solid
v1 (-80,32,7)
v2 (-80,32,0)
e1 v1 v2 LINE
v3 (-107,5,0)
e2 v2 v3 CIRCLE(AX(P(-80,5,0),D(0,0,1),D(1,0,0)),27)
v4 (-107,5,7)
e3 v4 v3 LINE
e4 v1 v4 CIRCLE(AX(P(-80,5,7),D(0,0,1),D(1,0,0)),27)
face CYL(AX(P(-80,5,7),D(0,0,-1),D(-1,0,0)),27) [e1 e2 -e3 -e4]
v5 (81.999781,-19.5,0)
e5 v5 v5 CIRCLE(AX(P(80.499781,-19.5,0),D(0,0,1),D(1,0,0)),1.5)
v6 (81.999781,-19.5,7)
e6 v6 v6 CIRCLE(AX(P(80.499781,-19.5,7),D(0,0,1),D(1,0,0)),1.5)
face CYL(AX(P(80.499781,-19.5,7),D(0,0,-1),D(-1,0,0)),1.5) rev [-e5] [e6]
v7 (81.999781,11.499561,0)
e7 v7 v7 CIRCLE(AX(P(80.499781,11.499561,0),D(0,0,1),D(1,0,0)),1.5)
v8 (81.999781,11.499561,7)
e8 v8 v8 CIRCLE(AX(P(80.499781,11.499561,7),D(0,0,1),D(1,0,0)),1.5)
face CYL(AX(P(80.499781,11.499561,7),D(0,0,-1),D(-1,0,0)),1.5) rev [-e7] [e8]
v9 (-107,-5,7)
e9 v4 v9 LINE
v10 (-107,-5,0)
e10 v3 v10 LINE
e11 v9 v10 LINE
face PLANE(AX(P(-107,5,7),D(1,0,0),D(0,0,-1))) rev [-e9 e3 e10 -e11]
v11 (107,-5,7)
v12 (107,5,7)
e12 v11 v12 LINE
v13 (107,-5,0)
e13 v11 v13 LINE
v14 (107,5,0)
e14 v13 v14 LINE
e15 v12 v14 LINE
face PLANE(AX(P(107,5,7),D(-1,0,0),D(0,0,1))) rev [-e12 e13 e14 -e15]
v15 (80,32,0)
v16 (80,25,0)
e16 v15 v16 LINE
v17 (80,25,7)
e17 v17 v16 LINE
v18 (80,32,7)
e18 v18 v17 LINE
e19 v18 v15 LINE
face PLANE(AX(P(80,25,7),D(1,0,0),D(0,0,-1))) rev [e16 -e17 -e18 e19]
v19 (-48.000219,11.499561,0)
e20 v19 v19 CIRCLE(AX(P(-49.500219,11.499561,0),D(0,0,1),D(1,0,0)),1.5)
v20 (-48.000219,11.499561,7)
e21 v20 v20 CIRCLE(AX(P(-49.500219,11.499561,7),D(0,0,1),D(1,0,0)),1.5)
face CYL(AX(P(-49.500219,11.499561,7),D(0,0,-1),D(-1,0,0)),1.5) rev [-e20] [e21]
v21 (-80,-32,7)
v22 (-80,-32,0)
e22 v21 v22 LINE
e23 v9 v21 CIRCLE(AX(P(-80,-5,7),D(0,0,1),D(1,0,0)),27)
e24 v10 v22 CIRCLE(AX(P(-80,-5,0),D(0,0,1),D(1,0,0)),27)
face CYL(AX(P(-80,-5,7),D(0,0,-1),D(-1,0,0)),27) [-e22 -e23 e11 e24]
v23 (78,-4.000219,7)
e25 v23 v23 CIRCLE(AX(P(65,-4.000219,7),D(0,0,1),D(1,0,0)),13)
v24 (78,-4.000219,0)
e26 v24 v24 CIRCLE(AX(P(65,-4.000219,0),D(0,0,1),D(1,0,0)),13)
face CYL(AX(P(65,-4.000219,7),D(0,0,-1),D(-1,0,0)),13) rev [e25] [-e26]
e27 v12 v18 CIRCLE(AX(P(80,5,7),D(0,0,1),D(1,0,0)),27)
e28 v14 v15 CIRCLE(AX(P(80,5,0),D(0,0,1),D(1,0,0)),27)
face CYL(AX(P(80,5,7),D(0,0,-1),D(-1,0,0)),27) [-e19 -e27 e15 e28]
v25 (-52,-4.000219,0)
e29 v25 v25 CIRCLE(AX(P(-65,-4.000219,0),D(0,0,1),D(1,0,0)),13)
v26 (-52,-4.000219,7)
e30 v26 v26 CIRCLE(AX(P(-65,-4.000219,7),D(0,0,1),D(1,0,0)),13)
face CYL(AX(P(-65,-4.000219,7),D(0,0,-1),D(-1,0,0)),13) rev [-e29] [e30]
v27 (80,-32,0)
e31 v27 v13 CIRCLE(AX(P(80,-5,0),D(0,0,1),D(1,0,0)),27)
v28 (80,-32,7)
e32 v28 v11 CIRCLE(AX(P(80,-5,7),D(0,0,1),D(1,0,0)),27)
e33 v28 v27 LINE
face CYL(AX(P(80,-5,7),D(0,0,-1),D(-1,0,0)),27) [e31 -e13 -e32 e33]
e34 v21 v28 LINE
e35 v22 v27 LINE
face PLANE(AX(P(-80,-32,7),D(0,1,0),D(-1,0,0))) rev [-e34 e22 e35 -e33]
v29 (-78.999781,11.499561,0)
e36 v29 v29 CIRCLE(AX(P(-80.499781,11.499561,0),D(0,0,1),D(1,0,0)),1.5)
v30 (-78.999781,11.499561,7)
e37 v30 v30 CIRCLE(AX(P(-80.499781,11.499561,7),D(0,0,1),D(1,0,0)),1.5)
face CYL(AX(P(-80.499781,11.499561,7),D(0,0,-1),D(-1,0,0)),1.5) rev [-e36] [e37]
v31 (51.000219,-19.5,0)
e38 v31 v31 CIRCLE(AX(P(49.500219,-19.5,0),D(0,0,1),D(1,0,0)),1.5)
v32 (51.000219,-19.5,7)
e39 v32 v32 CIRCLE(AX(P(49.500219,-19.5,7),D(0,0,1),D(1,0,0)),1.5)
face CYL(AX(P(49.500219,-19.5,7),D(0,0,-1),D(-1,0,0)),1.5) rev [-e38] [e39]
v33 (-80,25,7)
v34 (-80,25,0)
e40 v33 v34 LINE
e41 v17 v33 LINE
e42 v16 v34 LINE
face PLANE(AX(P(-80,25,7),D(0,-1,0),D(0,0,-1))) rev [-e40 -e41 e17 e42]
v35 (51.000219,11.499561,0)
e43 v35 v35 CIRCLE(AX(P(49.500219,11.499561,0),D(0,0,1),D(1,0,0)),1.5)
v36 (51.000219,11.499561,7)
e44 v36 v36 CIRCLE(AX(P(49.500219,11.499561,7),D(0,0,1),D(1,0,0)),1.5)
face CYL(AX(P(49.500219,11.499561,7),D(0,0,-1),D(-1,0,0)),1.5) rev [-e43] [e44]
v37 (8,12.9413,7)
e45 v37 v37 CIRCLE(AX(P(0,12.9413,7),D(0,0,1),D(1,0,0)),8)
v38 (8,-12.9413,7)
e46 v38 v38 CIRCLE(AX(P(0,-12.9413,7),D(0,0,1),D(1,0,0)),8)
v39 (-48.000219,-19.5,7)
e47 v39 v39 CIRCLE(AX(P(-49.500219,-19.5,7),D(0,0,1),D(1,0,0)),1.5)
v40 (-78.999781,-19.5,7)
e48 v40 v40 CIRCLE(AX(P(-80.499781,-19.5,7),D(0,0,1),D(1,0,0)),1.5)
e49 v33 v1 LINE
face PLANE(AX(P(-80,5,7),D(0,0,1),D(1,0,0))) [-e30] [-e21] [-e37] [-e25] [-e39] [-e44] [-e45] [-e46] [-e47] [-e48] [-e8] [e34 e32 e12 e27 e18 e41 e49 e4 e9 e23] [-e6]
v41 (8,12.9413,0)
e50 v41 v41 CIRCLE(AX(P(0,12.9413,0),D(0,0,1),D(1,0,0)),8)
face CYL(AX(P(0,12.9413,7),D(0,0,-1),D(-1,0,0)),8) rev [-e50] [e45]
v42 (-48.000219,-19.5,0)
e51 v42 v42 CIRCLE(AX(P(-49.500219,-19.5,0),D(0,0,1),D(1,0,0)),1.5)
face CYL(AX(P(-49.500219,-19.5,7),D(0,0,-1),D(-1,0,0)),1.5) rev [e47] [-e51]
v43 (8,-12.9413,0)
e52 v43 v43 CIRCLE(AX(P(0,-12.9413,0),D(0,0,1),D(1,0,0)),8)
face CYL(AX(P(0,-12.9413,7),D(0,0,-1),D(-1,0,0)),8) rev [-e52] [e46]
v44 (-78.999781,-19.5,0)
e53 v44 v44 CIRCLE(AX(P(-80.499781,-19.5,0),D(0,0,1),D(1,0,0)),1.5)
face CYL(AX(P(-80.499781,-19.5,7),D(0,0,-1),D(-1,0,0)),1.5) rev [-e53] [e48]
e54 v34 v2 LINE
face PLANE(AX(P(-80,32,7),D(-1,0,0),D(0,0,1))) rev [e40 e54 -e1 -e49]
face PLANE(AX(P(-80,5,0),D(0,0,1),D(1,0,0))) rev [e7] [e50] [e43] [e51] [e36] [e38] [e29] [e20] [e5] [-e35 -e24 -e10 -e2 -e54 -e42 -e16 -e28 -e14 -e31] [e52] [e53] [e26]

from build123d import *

# Parameters (mm, degrees)
SCHIZZO1_R                   = 13
SCHIZZO1_R_2                 = 1.5
SCHIZZO1_R_3                 = 8
ESTRUSIONE_ESTRUSIONE1_DEPTH = 7


with BuildPart() as part:
    # Schizzo1 → Estrusione-Estrusione1 (new body)
    with BuildSketch(Plane.XY):
        with BuildLine():
            Line((-80, 32), (-80, 25))
            Line((-80, 25), (80, 25))
            Line((80, 25), (80, 32))
            ThreePointArc((80, 32), (99.091883092, 24.091883092), (107, 5))
            Line((107, 5), (107, -5))
            ThreePointArc((107, -5), (99.091883092, -24.091883092), (80, -32))
            Line((80, -32), (-80, -32))
            ThreePointArc((-80, -32), (-99.091883092, -24.091883092), (-107, -5))
            Line((-107, -5), (-107, 5))
            ThreePointArc((-107, 5), (-99.091883092, 24.091883092), (-80, 32))
        make_face()
        with Locations((-65, -4.000219356)):
            Circle(SCHIZZO1_R, mode=Mode.SUBTRACT)
        with Locations((-80.499780644, 11.499561287)):
            Circle(SCHIZZO1_R_2, mode=Mode.SUBTRACT)
        with Locations((-80.499780644, -19.5)):
            Circle(SCHIZZO1_R_2, mode=Mode.SUBTRACT)
        with Locations((-49.500219356, -19.5)):
            Circle(SCHIZZO1_R_2, mode=Mode.SUBTRACT)
        with Locations((-49.500219356, 11.499561287)):
            Circle(SCHIZZO1_R_2, mode=Mode.SUBTRACT)
        with Locations((65, -4.000219356)):
            Circle(SCHIZZO1_R, mode=Mode.SUBTRACT)
        with Locations((49.500219356, -19.5)):
            Circle(SCHIZZO1_R_2, mode=Mode.SUBTRACT)
        with Locations((80.499780644, -19.5)):
            Circle(SCHIZZO1_R_2, mode=Mode.SUBTRACT)
        with Locations((80.499780644, 11.499561287)):
            Circle(SCHIZZO1_R_2, mode=Mode.SUBTRACT)
        with Locations((49.500219356, 11.499561287)):
            Circle(SCHIZZO1_R_2, mode=Mode.SUBTRACT)
        with Locations((0, 12.9413)):
            Circle(SCHIZZO1_R_3, mode=Mode.SUBTRACT)
        with Locations((0, -12.9413)):
            Circle(SCHIZZO1_R_3, mode=Mode.SUBTRACT)
    extrude(amount=ESTRUSIONE_ESTRUSIONE1_DEPTH)


solid = part.part
